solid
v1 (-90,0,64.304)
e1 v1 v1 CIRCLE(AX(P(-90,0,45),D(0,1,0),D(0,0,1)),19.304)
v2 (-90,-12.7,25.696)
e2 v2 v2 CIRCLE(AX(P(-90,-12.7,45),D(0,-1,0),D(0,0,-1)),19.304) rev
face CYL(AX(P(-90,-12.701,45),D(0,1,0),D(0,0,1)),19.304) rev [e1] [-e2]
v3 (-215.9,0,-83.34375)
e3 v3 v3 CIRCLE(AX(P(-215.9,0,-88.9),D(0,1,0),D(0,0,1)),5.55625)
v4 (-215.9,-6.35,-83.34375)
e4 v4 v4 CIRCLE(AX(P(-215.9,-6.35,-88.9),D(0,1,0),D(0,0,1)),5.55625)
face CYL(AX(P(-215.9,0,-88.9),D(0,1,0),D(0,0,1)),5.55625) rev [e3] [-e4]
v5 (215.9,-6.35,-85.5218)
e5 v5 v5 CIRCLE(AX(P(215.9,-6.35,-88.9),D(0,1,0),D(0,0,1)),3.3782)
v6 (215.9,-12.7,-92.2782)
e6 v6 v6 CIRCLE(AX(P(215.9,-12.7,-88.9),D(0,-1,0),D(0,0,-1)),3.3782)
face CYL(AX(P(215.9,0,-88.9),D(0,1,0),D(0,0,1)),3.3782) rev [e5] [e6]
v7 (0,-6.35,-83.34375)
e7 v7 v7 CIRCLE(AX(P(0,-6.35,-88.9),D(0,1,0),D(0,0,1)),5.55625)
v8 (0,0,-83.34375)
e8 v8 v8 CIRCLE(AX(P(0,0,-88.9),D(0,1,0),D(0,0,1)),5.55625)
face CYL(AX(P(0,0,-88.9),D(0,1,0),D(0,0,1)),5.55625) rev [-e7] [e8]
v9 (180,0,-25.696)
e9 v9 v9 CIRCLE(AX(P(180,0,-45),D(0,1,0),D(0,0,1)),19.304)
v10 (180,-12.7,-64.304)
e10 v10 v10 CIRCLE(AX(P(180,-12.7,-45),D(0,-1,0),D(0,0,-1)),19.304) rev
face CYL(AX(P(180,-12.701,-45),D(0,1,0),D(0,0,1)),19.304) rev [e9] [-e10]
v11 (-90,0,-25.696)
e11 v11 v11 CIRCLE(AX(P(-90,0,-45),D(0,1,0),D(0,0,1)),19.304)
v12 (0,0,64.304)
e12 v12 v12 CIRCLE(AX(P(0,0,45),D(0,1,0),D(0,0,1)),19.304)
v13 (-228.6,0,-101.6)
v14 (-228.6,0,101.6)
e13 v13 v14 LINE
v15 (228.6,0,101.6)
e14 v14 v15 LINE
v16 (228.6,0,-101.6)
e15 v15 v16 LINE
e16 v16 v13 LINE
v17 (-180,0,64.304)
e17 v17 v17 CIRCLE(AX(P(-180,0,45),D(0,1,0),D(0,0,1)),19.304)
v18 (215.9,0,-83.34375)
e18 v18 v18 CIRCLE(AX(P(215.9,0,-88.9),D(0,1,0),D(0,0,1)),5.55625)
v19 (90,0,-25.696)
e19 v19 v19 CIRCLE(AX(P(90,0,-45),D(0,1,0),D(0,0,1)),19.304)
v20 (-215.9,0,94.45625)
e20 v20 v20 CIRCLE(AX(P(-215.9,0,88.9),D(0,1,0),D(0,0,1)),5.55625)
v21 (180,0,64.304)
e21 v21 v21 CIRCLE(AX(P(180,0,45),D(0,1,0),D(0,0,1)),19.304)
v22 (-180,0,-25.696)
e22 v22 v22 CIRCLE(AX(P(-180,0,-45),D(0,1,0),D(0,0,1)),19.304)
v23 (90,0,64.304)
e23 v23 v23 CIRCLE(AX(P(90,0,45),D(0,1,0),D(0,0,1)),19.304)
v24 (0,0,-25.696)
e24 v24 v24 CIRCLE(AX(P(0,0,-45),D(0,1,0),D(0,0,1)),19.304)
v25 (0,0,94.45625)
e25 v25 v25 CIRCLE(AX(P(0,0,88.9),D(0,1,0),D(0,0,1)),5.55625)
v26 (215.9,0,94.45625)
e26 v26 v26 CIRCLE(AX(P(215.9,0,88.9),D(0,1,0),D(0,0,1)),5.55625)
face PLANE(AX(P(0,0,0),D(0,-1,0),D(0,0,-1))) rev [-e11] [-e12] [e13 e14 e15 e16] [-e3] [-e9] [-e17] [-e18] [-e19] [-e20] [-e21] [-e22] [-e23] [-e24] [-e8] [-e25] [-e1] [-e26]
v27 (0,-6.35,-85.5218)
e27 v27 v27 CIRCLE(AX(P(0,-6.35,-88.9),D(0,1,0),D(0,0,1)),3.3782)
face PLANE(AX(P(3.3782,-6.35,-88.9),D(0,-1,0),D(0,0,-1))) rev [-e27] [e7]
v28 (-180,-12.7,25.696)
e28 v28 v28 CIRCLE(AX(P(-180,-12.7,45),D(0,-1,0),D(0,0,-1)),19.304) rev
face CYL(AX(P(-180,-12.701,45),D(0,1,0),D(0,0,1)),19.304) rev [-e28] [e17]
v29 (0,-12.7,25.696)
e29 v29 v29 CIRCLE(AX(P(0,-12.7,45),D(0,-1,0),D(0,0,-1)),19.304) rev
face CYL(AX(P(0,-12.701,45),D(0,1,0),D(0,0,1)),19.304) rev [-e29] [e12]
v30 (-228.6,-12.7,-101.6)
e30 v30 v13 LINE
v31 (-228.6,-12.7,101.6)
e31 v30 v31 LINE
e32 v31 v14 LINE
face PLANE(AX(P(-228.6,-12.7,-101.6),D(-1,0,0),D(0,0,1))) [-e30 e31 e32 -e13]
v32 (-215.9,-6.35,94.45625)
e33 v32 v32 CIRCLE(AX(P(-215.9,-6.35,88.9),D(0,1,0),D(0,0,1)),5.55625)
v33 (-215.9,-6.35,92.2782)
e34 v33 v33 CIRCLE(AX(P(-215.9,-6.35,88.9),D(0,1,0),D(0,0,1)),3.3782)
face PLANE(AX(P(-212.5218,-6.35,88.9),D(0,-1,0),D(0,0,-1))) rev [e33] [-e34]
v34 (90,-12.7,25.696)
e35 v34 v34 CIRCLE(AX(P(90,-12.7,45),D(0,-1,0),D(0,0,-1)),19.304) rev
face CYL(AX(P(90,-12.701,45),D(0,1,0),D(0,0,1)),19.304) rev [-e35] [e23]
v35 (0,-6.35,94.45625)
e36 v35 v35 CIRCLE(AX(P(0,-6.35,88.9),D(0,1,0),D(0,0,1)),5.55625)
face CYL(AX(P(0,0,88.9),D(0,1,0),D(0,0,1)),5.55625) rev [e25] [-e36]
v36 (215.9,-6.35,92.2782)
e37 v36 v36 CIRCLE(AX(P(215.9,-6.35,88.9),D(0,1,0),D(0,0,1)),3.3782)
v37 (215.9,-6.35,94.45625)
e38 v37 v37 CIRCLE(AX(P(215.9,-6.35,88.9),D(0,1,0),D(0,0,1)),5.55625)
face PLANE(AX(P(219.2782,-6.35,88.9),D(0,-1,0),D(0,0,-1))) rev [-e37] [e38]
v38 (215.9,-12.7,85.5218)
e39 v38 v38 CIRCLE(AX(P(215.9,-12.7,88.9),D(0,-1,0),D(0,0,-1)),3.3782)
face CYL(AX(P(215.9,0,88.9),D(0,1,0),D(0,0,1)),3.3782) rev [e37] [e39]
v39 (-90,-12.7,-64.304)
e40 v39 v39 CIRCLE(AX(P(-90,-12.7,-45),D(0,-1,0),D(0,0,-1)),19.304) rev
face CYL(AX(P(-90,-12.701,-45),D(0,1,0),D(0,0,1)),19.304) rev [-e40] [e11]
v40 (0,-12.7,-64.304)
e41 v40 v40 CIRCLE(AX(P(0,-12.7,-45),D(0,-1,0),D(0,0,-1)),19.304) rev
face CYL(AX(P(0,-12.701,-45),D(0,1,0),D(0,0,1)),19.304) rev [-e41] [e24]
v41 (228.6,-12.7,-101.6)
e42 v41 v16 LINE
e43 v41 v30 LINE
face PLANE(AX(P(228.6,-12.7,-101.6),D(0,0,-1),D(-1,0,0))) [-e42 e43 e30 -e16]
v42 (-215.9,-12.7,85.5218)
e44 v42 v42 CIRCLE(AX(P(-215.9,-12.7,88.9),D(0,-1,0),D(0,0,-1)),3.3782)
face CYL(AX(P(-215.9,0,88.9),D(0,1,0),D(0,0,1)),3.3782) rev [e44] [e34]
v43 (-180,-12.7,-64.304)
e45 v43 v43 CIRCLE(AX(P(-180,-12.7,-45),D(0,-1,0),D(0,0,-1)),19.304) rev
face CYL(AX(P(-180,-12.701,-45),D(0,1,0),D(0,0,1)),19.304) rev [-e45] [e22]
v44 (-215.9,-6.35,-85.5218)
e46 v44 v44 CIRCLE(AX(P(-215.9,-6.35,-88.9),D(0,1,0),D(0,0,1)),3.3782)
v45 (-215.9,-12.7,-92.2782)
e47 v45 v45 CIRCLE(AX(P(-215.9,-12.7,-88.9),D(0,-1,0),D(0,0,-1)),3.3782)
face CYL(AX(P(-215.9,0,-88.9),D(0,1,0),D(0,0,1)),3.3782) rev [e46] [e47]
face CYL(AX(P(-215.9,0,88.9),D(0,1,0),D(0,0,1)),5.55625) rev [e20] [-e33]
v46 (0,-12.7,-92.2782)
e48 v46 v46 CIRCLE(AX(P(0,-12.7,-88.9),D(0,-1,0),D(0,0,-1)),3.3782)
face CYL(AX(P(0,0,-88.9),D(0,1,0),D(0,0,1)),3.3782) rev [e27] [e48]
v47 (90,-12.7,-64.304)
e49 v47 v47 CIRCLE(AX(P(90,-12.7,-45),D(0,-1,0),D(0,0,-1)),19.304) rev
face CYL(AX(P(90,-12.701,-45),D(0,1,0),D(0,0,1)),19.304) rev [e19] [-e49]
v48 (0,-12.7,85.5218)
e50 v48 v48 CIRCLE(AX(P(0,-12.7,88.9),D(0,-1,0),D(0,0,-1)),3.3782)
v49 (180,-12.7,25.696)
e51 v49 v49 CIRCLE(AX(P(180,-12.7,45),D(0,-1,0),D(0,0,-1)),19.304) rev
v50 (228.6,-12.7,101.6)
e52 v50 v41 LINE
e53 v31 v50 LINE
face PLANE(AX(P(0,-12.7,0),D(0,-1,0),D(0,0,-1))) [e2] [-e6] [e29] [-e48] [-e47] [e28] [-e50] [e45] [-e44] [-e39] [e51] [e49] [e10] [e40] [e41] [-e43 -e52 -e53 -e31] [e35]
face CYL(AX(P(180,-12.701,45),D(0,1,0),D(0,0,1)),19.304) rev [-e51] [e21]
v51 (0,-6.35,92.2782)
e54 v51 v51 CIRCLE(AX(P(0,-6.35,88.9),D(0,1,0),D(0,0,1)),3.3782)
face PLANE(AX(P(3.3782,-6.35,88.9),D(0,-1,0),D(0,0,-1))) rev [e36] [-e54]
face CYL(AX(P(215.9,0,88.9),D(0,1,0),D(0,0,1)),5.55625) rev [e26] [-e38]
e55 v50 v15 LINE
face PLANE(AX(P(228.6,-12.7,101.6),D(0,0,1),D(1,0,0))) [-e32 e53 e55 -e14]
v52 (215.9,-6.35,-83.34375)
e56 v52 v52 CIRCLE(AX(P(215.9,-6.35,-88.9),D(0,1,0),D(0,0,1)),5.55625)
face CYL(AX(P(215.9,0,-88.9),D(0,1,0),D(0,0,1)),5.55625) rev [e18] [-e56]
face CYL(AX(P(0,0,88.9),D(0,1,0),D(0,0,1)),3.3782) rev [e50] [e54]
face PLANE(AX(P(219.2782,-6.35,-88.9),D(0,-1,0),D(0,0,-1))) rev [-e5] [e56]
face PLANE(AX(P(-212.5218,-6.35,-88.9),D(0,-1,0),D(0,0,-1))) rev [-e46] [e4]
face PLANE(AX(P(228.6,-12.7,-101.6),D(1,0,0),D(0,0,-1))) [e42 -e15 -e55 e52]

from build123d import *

# Parameters (mm, degrees)
SKETCH1_W                                        = 457.2
SKETCH1_H                                        = 203.2
BOSS_EXTRUDE1_DEPTH                              = 12.7
CUT_EXTRUDE1_REACH                               = 14.7
SKETCH2_R                                        = 19.304
CBORE_FOR_1_4_SOCKET_HEAD_CAP_SCREW1_D           = 6.7564
CBORE_FOR_1_4_SOCKET_HEAD_CAP_SCREW1_DEPTH       = 12.7
CBORE_FOR_1_4_SOCKET_HEAD_CAP_SCREW1_CBORE_D     = 11.1125
CBORE_FOR_1_4_SOCKET_HEAD_CAP_SCREW1_CBORE_DEPTH = 6.35


with BuildPart() as part:
    # Sketch1 → Boss-Extrude1 (new body)
    with BuildSketch(Plane(origin=(0, 0, 0), x_dir=(1, 0, 0), z_dir=(0, 1, 0))):
        Rectangle(SKETCH1_W, SKETCH1_H)
    extrude(amount=-BOSS_EXTRUDE1_DEPTH)

    # Sketch2 → Cut-Extrude1 (cut, up to next)
    with BuildSketch(Plane(origin=(0, 0, 0), x_dir=(1, 0, 0), z_dir=(0, 1, 0)), mode=Mode.PRIVATE) as cut_extrude1_sk1:
        with Locations((-180, 45)):
            Circle(SKETCH2_R)
    cut_extrude1_tool1 = extrude(cut_extrude1_sk1.sketch, amount=-CUT_EXTRUDE1_REACH, mode=Mode.PRIVATE) & part.part
    add(cut_extrude1_tool1.solids().sort_by_distance((-180, 0, -45))[0], mode=Mode.SUBTRACT)
    # Sketch2 → Cut-Extrude1 (cut, up to next)
    with BuildSketch(Plane(origin=(0, 0, 0), x_dir=(1, 0, 0), z_dir=(0, 1, 0)), mode=Mode.PRIVATE) as cut_extrude1_sk2:
        with Locations((-90, 45)):
            Circle(SKETCH2_R)
    cut_extrude1_tool2 = extrude(cut_extrude1_sk2.sketch, amount=-CUT_EXTRUDE1_REACH, mode=Mode.PRIVATE) & part.part
    add(cut_extrude1_tool2.solids().sort_by_distance((-90, 0, -45))[0], mode=Mode.SUBTRACT)
    # Sketch2 → Cut-Extrude1 (cut, up to next)
    with BuildSketch(Plane(origin=(0, 0, 0), x_dir=(1, 0, 0), z_dir=(0, 1, 0)), mode=Mode.PRIVATE) as cut_extrude1_sk3:
        with Locations((0, 45)):
            Circle(SKETCH2_R)
    cut_extrude1_tool3 = extrude(cut_extrude1_sk3.sketch, amount=-CUT_EXTRUDE1_REACH, mode=Mode.PRIVATE) & part.part
    add(cut_extrude1_tool3.solids().sort_by_distance((0, 0, -45))[0], mode=Mode.SUBTRACT)
    # Sketch2 → Cut-Extrude1 (cut, up to next)
    with BuildSketch(Plane(origin=(0, 0, 0), x_dir=(1, 0, 0), z_dir=(0, 1, 0)), mode=Mode.PRIVATE) as cut_extrude1_sk4:
        with Locations((-180, -45)):
            Circle(SKETCH2_R)
    cut_extrude1_tool4 = extrude(cut_extrude1_sk4.sketch, amount=-CUT_EXTRUDE1_REACH, mode=Mode.PRIVATE) & part.part
    add(cut_extrude1_tool4.solids().sort_by_distance((-180, 0, 45))[0], mode=Mode.SUBTRACT)
    # Sketch2 → Cut-Extrude1 (cut, up to next)
    with BuildSketch(Plane(origin=(0, 0, 0), x_dir=(1, 0, 0), z_dir=(0, 1, 0)), mode=Mode.PRIVATE) as cut_extrude1_sk5:
        with Locations((-90, -45)):
            Circle(SKETCH2_R)
    cut_extrude1_tool5 = extrude(cut_extrude1_sk5.sketch, amount=-CUT_EXTRUDE1_REACH, mode=Mode.PRIVATE) & part.part
    add(cut_extrude1_tool5.solids().sort_by_distance((-90, 0, 45))[0], mode=Mode.SUBTRACT)
    # Sketch2 → Cut-Extrude1 (cut, up to next)
    with BuildSketch(Plane(origin=(0, 0, 0), x_dir=(1, 0, 0), z_dir=(0, 1, 0)), mode=Mode.PRIVATE) as cut_extrude1_sk6:
        with Locations((0, -45)):
            Circle(SKETCH2_R)
    cut_extrude1_tool6 = extrude(cut_extrude1_sk6.sketch, amount=-CUT_EXTRUDE1_REACH, mode=Mode.PRIVATE) & part.part
    add(cut_extrude1_tool6.solids().sort_by_distance((0, 0, 45))[0], mode=Mode.SUBTRACT)
    # Sketch2 → Cut-Extrude1 (cut, up to next)
    with BuildSketch(Plane(origin=(0, 0, 0), x_dir=(1, 0, 0), z_dir=(0, 1, 0)), mode=Mode.PRIVATE) as cut_extrude1_sk7:
        with Locations((90, -45)):
            Circle(SKETCH2_R)
    cut_extrude1_tool7 = extrude(cut_extrude1_sk7.sketch, amount=-CUT_EXTRUDE1_REACH, mode=Mode.PRIVATE) & part.part
    add(cut_extrude1_tool7.solids().sort_by_distance((90, 0, 45))[0], mode=Mode.SUBTRACT)
    # Sketch2 → Cut-Extrude1 (cut, up to next)
    with BuildSketch(Plane(origin=(0, 0, 0), x_dir=(1, 0, 0), z_dir=(0, 1, 0)), mode=Mode.PRIVATE) as cut_extrude1_sk8:
        with Locations((90, 45)):
            Circle(SKETCH2_R)
    cut_extrude1_tool8 = extrude(cut_extrude1_sk8.sketch, amount=-CUT_EXTRUDE1_REACH, mode=Mode.PRIVATE) & part.part
    add(cut_extrude1_tool8.solids().sort_by_distance((90, 0, -45))[0], mode=Mode.SUBTRACT)
    # Sketch2 → Cut-Extrude1 (cut, up to next)
    with BuildSketch(Plane(origin=(0, 0, 0), x_dir=(1, 0, 0), z_dir=(0, 1, 0)), mode=Mode.PRIVATE) as cut_extrude1_sk9:
        with Locations((180, 45)):
            Circle(SKETCH2_R)
    cut_extrude1_tool9 = extrude(cut_extrude1_sk9.sketch, amount=-CUT_EXTRUDE1_REACH, mode=Mode.PRIVATE) & part.part
    add(cut_extrude1_tool9.solids().sort_by_distance((180, 0, -45))[0], mode=Mode.SUBTRACT)
    # Sketch2 → Cut-Extrude1 (cut, up to next)
    with BuildSketch(Plane(origin=(0, 0, 0), x_dir=(1, 0, 0), z_dir=(0, 1, 0)), mode=Mode.PRIVATE) as cut_extrude1_sk10:
        with Locations((180, -45)):
            Circle(SKETCH2_R)
    cut_extrude1_tool10 = extrude(cut_extrude1_sk10.sketch, amount=-CUT_EXTRUDE1_REACH, mode=Mode.PRIVATE) & part.part
    add(cut_extrude1_tool10.solids().sort_by_distance((180, 0, 45))[0], mode=Mode.SUBTRACT)

    # CBORE for 1/4 Socket Head Cap Screw1
    with Locations(Plane(origin=(0, 0, 0), x_dir=(1, 0, 0), z_dir=(0, 1, 0))):
        with Locations((-215.9, -88.9), (0, -88.9), (215.9, -88.9), (215.9, 88.9), (0, 88.9), (-215.9, 88.9)):
            CounterBoreHole(CBORE_FOR_1_4_SOCKET_HEAD_CAP_SCREW1_D / 2, CBORE_FOR_1_4_SOCKET_HEAD_CAP_SCREW1_CBORE_D / 2, CBORE_FOR_1_4_SOCKET_HEAD_CAP_SCREW1_CBORE_DEPTH, depth=CBORE_FOR_1_4_SOCKET_HEAD_CAP_SCREW1_DEPTH)


solid = part.part
